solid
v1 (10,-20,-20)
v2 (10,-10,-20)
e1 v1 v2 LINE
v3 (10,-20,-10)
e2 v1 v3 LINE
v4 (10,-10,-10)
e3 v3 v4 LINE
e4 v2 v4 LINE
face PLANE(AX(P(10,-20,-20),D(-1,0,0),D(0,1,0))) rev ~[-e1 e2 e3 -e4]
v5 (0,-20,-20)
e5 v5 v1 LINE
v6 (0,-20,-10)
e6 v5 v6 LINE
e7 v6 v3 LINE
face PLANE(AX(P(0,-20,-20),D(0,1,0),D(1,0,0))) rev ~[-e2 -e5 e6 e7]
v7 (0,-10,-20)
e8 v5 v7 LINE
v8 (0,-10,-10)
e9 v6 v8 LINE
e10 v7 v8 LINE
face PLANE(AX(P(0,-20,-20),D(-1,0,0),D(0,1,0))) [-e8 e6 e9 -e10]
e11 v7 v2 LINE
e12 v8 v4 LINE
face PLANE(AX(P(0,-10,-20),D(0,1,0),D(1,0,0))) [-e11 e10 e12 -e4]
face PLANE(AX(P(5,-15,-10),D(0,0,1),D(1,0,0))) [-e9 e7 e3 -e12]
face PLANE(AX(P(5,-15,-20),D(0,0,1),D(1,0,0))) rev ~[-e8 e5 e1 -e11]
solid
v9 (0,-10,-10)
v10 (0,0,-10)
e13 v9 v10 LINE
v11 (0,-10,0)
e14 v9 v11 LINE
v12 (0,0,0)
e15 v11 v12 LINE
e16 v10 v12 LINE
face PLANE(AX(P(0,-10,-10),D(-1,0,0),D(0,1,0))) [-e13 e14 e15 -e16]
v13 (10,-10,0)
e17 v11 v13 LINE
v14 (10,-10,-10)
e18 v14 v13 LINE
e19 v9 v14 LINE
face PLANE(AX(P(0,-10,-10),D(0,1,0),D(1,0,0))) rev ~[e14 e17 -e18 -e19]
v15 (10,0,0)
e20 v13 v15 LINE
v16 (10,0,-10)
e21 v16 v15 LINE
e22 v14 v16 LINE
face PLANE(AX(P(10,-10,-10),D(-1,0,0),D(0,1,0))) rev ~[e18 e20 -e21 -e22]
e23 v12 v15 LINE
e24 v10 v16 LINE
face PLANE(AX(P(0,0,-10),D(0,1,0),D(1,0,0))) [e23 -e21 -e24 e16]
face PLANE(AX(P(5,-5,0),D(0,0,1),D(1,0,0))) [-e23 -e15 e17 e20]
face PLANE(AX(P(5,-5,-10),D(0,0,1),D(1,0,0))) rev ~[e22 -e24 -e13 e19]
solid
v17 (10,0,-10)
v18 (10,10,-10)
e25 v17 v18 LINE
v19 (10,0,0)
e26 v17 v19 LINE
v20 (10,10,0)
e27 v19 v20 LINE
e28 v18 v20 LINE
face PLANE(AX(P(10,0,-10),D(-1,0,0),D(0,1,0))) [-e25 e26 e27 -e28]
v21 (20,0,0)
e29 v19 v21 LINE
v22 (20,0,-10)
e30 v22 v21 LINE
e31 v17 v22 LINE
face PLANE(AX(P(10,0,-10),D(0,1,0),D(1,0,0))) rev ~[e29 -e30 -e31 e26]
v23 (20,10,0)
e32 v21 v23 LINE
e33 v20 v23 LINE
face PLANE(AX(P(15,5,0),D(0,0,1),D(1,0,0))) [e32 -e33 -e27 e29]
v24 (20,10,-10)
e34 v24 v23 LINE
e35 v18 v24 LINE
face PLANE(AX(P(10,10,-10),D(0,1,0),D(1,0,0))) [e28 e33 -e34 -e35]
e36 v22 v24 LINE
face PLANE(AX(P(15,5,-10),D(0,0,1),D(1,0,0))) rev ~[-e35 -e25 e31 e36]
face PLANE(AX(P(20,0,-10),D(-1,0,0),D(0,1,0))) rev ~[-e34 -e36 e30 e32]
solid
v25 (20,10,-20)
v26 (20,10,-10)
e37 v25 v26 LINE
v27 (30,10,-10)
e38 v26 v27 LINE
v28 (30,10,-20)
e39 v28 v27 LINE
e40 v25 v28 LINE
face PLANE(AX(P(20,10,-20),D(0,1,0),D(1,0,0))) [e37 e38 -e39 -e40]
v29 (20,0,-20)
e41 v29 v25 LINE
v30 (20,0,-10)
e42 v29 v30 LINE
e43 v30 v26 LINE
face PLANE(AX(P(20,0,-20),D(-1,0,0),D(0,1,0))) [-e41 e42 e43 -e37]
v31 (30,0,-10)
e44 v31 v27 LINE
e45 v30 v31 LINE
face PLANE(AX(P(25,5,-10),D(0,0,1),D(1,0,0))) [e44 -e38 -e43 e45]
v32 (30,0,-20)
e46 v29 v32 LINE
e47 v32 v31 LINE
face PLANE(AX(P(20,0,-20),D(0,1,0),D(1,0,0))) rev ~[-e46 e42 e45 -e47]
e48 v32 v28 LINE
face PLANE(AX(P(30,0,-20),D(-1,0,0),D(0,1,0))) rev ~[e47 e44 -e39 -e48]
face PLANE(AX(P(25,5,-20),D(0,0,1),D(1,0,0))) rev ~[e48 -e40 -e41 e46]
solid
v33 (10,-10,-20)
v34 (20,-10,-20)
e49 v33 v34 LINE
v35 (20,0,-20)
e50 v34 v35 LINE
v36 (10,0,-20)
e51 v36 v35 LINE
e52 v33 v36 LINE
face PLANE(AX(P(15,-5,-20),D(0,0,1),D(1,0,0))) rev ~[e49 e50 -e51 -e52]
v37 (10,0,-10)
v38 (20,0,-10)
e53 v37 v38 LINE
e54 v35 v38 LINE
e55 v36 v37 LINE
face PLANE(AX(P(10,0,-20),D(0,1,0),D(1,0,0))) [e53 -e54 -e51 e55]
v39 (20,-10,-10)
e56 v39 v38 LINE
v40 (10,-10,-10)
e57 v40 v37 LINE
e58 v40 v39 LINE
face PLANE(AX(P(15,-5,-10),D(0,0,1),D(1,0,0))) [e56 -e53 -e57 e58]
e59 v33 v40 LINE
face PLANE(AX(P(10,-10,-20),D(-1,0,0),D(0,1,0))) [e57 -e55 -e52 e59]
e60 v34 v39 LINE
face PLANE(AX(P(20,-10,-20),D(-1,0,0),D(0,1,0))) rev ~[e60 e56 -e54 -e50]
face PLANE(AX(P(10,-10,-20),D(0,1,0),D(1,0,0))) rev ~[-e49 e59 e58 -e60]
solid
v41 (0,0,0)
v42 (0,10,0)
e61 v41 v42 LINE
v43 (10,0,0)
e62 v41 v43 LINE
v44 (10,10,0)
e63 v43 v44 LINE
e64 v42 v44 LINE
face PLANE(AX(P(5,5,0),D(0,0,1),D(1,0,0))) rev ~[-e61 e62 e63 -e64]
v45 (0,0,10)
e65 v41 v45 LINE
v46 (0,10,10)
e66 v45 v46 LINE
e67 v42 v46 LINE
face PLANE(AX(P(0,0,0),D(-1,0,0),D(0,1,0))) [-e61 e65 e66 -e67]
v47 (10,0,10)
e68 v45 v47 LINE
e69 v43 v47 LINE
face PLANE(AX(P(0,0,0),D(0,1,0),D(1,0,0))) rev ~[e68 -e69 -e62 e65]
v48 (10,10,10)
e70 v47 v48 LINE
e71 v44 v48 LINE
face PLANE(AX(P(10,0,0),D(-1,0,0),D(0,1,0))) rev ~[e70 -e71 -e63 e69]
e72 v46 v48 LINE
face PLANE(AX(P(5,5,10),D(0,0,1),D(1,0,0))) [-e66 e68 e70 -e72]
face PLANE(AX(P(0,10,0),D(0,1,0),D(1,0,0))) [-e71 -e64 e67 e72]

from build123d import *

# Parameters (mm, degrees)
BOX_W        = 10
BOX_H        = 10
BOX_DEPTH    = 10
BOX001_W     = 10
BOX001_H     = 10
BOX001_DEPTH = 10
BOX002_W     = 10
BOX002_H     = 10
BOX002_DEPTH = 10
BOX003_W     = 10
BOX003_H     = 10
BOX003_DEPTH = 10
BOX004_W     = 10
BOX004_H     = 10
BOX004_DEPTH = 10
BOX005_W     = 10
BOX005_H     = 10
BOX005_DEPTH = 10


with BuildPart() as nivel1_cubo1:
    # Box → Box (new body)
    with BuildSketch(Plane.XY):
        with Locations((5, 5)):
            Rectangle(BOX_W, BOX_H)
    extrude(amount=BOX_DEPTH)


with BuildPart() as nivel2_cubo1:
    # Box001 → Box001 (new body)
    with BuildSketch(Plane(origin=(10, 0, -10), x_dir=(1, 0, 0), z_dir=(0, 0, 1))):
        with Locations((5, 5)):
            Rectangle(BOX001_W, BOX001_H)
    extrude(amount=BOX001_DEPTH)


with BuildPart() as nivel2_cubo2:
    # Box002 → Box002 (new body)
    with BuildSketch(Plane(origin=(0, -10, -10), x_dir=(1, 0, 0), z_dir=(0, 0, 1))):
        with Locations((5, 5)):
            Rectangle(BOX002_W, BOX002_H)
    extrude(amount=BOX002_DEPTH)


with BuildPart() as nivel3_cubo1:
    # Box003 → Box003 (new body)
    with BuildSketch(Plane(origin=(0, -20, -20), x_dir=(1, 0, 0), z_dir=(0, 0, 1))):
        with Locations((5, 5)):
            Rectangle(BOX003_W, BOX003_H)
    extrude(amount=BOX003_DEPTH)


with BuildPart() as nivel3_cubo2:
    # Box004 → Box004 (new body)
    with BuildSketch(Plane(origin=(10, -10, -20), x_dir=(1, 0, 0), z_dir=(0, 0, 1))):
        with Locations((5, 5)):
            Rectangle(BOX004_W, BOX004_H)
    extrude(amount=BOX004_DEPTH)


with BuildPart() as nivel3_cubo3:
    # Box005 → Box005 (new body)
    with BuildSketch(Plane(origin=(20, 0, -20), x_dir=(1, 0, 0), z_dir=(0, 0, 1))):
        with Locations((5, 5)):
            Rectangle(BOX005_W, BOX005_H)
    extrude(amount=BOX005_DEPTH)


solid = Compound([nivel1_cubo1.part, nivel2_cubo1.part, nivel2_cubo2.part, nivel3_cubo1.part, nivel3_cubo2.part, nivel3_cubo3.part])
